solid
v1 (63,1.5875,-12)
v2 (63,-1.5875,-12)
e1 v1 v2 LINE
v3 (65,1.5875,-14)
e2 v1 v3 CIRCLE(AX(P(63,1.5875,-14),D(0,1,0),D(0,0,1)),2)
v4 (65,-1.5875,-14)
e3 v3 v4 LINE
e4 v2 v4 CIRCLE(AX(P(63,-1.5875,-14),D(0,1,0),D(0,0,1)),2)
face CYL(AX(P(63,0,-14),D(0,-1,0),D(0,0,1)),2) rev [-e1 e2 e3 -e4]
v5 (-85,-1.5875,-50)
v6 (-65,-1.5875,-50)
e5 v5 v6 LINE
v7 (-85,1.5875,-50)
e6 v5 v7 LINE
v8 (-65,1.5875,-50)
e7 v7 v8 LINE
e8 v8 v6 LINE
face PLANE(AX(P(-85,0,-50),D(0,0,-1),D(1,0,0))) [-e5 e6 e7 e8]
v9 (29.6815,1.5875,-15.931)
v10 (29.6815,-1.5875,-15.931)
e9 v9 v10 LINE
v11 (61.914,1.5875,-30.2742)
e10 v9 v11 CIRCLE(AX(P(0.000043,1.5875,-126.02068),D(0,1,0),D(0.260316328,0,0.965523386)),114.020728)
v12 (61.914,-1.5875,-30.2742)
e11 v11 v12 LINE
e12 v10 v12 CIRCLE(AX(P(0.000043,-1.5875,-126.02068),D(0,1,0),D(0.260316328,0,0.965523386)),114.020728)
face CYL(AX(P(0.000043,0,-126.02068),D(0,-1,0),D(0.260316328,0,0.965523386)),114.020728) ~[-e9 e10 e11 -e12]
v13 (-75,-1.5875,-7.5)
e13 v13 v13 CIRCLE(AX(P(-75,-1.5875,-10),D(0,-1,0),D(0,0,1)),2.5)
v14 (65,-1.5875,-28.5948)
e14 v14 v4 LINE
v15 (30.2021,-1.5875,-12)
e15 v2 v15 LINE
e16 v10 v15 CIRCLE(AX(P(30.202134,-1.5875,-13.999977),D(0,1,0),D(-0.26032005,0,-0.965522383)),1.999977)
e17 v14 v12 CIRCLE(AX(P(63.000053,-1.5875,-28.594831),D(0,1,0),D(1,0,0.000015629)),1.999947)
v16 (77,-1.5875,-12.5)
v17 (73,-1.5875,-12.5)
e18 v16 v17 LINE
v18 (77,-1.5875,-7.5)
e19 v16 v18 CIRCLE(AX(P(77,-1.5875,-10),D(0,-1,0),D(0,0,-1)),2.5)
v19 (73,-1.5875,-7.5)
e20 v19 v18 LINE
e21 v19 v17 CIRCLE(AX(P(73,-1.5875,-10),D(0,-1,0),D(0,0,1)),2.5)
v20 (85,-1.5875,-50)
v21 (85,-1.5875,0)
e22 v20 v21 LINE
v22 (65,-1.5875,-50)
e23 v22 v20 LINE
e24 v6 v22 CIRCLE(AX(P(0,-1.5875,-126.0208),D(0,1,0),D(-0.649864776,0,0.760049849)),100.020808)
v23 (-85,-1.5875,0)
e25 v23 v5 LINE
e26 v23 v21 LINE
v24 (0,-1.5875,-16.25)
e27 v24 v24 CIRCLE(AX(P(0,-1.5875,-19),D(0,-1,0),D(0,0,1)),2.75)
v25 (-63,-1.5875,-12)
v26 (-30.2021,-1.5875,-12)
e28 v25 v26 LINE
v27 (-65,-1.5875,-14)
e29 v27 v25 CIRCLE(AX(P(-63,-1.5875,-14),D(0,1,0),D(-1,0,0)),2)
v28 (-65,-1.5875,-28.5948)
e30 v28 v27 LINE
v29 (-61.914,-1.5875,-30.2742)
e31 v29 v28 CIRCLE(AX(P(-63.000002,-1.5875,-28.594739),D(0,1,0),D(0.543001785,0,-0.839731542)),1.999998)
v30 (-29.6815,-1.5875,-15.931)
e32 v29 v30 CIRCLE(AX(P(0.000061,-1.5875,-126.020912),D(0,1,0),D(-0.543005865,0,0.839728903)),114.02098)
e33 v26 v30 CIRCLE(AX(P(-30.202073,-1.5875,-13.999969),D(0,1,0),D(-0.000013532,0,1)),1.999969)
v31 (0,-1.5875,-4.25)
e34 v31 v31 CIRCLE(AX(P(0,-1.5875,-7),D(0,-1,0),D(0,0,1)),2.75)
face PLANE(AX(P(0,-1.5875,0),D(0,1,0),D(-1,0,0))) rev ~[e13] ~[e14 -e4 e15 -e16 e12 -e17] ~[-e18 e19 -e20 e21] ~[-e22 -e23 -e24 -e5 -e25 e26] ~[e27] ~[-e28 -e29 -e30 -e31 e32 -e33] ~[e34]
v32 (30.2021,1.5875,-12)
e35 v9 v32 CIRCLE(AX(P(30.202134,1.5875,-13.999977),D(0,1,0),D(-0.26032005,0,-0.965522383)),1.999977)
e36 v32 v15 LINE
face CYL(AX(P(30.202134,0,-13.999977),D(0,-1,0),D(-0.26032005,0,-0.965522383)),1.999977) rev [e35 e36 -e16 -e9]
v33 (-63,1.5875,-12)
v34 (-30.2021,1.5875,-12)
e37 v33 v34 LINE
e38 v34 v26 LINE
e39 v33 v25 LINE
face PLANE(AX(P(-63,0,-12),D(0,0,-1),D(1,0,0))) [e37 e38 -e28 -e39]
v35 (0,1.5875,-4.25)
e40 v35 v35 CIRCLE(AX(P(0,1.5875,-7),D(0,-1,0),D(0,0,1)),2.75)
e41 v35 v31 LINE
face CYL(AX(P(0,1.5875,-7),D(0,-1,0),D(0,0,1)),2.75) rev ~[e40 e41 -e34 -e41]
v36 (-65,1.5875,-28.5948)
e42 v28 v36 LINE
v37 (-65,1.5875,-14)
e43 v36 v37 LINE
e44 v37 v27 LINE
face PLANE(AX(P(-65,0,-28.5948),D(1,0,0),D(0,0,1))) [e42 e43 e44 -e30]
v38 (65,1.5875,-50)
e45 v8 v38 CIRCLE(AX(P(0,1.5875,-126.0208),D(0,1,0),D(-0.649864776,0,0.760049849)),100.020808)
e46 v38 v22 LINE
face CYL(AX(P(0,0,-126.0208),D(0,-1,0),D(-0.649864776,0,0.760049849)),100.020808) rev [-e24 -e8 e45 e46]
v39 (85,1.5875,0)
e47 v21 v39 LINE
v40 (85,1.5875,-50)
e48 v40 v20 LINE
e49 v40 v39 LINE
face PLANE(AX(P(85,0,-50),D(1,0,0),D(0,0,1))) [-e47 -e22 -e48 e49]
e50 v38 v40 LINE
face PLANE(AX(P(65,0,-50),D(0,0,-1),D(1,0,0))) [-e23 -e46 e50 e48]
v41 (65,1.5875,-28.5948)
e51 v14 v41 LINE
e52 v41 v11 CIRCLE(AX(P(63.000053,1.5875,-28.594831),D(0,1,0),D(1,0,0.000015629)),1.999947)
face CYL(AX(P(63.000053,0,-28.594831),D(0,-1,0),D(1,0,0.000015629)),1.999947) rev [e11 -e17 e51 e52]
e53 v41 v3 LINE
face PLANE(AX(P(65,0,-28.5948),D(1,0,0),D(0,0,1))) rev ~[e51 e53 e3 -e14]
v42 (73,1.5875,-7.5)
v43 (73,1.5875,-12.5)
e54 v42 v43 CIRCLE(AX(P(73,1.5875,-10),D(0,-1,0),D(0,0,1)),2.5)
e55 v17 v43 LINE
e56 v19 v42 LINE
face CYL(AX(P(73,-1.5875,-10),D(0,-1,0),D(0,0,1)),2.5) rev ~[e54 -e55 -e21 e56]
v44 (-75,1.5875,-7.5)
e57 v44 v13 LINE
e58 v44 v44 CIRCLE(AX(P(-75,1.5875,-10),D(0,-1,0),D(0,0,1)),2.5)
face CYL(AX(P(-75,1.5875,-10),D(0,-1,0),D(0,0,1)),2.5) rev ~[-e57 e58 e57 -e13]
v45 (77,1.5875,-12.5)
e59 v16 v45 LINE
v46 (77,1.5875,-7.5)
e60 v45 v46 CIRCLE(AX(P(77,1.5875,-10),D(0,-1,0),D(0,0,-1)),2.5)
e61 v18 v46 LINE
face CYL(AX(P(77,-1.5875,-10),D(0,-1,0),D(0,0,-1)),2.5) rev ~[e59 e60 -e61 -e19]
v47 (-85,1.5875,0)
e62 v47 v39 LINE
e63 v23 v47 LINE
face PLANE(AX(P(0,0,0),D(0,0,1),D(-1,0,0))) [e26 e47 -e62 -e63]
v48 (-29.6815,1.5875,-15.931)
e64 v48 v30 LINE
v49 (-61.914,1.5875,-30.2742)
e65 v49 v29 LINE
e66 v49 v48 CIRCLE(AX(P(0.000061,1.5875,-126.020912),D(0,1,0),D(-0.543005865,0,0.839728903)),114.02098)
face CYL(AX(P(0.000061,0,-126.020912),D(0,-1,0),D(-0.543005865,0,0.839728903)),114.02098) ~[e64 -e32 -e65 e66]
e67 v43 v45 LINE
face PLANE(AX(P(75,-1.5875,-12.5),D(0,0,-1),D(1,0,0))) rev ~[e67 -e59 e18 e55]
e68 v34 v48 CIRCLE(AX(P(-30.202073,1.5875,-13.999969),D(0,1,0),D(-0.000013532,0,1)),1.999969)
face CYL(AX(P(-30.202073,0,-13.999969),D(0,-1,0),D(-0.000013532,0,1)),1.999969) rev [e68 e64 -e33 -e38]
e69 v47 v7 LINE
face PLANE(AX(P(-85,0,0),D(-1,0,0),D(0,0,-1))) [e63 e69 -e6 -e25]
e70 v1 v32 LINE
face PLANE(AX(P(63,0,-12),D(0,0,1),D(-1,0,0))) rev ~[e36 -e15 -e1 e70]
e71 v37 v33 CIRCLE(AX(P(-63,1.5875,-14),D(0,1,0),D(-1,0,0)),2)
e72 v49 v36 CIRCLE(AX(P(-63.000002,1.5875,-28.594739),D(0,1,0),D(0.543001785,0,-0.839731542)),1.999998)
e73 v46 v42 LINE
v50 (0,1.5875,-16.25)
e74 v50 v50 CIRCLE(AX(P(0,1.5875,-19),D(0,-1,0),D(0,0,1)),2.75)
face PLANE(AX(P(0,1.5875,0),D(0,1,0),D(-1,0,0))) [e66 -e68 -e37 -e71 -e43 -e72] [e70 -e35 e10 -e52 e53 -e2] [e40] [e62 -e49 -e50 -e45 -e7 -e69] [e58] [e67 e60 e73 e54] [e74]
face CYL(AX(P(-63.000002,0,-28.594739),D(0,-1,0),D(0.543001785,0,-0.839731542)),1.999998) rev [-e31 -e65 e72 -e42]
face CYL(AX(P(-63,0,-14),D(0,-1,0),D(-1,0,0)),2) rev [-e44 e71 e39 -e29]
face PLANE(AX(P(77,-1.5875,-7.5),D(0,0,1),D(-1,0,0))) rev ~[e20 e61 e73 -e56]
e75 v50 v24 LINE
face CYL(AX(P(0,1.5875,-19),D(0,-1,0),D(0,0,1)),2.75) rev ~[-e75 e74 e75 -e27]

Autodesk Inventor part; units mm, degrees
ref_plane "YZ Plane" through (0, 0, 0) normal (1, 0, 0) x (0, 1, 0)
ref_plane "XZ Plane" through (0, 0, 0) normal (0, 1, 0) x (-1, 0, 0)
ref_plane "XY Plane" through (0, 0, 0) normal (0, 0, 1) x (1, 0, 0)
sketch "Sketch1" plane through (0, 0, 0) normal (0, 1, 0) x (-1, 0, 0)
  line L0 (85, -50) -> (65, -50)
  line L1 (-85, -50) -> (-85, 0)
  line L2 (-85, 0) -> (85, 0)
  line L3 (85, 0) -> (85, -50)
  line L4 (85, -50) -> (-85, 0) construction
  line L5 (-85, -50) -> (85, 0) construction
  arc A0 (65, -50) -> (-65, -50) centre (0, -126.0208) ccw
  line L6 (65, -50) -> (-65, -50) construction
  line L7 (-65, -50) -> (-85, -50)
  line L8 (65, -28.5948) -> (65, -14)
  line L9 (63, -12) -> (30.2021, -12)
  arc A1 (61.914, -30.2742) -> (29.6815, -15.931) centre (0, -126.0208) ccw
  line L10 (0, 0) -> (0, -25)
  arc A2 (30.2021, -12) -> (29.6815, -15.931) centre (30.2021, -14) ccw
  arc A3 (65, -14) -> (63, -12) centre (63, -14) ccw
  arc A4 (61.914, -30.2742) -> (65, -28.5948) centre (63, -28.5948) ccw
  line L11 (-65, -28.5948) -> (-65, -14)
  line L12 (-63, -12) -> (-30.2021, -12)
  arc A5 (-29.6815, -15.931) -> (-61.914, -30.2742) centre (0, -126.0208) ccw
  arc A6 (-29.6815, -15.931) -> (-30.2021, -12) centre (-30.2021, -14) ccw
  arc A7 (-63, -12) -> (-65, -14) centre (-63, -14) ccw
  arc A8 (-65, -28.5948) -> (-61.914, -30.2742) centre (-63, -28.5948) ccw
  point P0 (0, -25)
  point P1 (0, -25)
  point P2 (65, -32.3419)
  point P3 (0, -12)
  dimension "d0" = 170
  dimension "d1" = 50
  dimension "d2" = 26
  dimension "d3" = 20
  dimension "d4" = 12
  dimension "d5" = 20
  dimension "d6" = 2
extrude "Extrusion1" add sketch "Sketch1" along normal mid plane 3.175
sketch "Sketch2" plane through (0, 1.5875, 0) normal (0, 1, 0) x (1, 0, 0)
  line L0 (-85, 0) -> (85, 0) projected
  line L1 (-85, 50) -> (-85, 0) projected
  line L2 (-65, 50) -> (-85, 50) projected
  line L3 (0, 0) -> (0, 15.0505)
  point P0 (-75, 10)
  point P1 (-75, 40)
  point P2 (75, 10)
  point P3 (75, 40)
  dimension "d9" = 10
  dimension "d10" = 10
  dimension "d11" = 10
hole "Hole1" at (-75, 1.5875, -10) at (75, 1.5875, -10) direction (0, -1, 0) diameter 5 end through all clearance for "Flat Head Machine Screw" size "M5" standard "Ansi Metric M Profile"
sketch "Sketch5" plane through (0, 1.5875, 0) normal (0, 1, 0) x (1, 0, 0)
  line L0 (-85, 0) -> (85, 0) projected
  point P0 (0, 0)
  point P1 (0, 7)
  point P2 (0, 19)
  point P3 (0, 0)
  dimension "d38" = 7
  dimension "d39" = 19
hole "Hole4" at (0, 1.5875, -7) at (0, 1.5875, -19) direction (0, -1, 0) diameter 5.5 end through all clearance for "Socket Head Cap Screw" size "M5" standard "Ansi Metric M Profile"
sketch "Sketch6" plane through (0, -1.5875, 0) normal (0, -1, 0) x (1, 0, 0)
  line L0 (73, -10) -> (77, -10) construction
  circle A0 centre (75, -10) radius 2.5 projected
  line L1 (73, -12.5) -> (77, -12.5)
  line L2 (77, -7.5) -> (73, -7.5)
  arc A1 (73, -7.5) -> (73, -12.5) centre (73, -10) ccw
  arc A2 (77, -12.5) -> (77, -7.5) centre (77, -10) ccw
  point P0 (0, 0)
  dimension "d47" = 4
extrude "Extrusion2" cut sketch "Sketch6" against normal blind 25.4
properties part number "Y-Axis_Cross_Bracket_LM3043" material "Aluminum 6061"
